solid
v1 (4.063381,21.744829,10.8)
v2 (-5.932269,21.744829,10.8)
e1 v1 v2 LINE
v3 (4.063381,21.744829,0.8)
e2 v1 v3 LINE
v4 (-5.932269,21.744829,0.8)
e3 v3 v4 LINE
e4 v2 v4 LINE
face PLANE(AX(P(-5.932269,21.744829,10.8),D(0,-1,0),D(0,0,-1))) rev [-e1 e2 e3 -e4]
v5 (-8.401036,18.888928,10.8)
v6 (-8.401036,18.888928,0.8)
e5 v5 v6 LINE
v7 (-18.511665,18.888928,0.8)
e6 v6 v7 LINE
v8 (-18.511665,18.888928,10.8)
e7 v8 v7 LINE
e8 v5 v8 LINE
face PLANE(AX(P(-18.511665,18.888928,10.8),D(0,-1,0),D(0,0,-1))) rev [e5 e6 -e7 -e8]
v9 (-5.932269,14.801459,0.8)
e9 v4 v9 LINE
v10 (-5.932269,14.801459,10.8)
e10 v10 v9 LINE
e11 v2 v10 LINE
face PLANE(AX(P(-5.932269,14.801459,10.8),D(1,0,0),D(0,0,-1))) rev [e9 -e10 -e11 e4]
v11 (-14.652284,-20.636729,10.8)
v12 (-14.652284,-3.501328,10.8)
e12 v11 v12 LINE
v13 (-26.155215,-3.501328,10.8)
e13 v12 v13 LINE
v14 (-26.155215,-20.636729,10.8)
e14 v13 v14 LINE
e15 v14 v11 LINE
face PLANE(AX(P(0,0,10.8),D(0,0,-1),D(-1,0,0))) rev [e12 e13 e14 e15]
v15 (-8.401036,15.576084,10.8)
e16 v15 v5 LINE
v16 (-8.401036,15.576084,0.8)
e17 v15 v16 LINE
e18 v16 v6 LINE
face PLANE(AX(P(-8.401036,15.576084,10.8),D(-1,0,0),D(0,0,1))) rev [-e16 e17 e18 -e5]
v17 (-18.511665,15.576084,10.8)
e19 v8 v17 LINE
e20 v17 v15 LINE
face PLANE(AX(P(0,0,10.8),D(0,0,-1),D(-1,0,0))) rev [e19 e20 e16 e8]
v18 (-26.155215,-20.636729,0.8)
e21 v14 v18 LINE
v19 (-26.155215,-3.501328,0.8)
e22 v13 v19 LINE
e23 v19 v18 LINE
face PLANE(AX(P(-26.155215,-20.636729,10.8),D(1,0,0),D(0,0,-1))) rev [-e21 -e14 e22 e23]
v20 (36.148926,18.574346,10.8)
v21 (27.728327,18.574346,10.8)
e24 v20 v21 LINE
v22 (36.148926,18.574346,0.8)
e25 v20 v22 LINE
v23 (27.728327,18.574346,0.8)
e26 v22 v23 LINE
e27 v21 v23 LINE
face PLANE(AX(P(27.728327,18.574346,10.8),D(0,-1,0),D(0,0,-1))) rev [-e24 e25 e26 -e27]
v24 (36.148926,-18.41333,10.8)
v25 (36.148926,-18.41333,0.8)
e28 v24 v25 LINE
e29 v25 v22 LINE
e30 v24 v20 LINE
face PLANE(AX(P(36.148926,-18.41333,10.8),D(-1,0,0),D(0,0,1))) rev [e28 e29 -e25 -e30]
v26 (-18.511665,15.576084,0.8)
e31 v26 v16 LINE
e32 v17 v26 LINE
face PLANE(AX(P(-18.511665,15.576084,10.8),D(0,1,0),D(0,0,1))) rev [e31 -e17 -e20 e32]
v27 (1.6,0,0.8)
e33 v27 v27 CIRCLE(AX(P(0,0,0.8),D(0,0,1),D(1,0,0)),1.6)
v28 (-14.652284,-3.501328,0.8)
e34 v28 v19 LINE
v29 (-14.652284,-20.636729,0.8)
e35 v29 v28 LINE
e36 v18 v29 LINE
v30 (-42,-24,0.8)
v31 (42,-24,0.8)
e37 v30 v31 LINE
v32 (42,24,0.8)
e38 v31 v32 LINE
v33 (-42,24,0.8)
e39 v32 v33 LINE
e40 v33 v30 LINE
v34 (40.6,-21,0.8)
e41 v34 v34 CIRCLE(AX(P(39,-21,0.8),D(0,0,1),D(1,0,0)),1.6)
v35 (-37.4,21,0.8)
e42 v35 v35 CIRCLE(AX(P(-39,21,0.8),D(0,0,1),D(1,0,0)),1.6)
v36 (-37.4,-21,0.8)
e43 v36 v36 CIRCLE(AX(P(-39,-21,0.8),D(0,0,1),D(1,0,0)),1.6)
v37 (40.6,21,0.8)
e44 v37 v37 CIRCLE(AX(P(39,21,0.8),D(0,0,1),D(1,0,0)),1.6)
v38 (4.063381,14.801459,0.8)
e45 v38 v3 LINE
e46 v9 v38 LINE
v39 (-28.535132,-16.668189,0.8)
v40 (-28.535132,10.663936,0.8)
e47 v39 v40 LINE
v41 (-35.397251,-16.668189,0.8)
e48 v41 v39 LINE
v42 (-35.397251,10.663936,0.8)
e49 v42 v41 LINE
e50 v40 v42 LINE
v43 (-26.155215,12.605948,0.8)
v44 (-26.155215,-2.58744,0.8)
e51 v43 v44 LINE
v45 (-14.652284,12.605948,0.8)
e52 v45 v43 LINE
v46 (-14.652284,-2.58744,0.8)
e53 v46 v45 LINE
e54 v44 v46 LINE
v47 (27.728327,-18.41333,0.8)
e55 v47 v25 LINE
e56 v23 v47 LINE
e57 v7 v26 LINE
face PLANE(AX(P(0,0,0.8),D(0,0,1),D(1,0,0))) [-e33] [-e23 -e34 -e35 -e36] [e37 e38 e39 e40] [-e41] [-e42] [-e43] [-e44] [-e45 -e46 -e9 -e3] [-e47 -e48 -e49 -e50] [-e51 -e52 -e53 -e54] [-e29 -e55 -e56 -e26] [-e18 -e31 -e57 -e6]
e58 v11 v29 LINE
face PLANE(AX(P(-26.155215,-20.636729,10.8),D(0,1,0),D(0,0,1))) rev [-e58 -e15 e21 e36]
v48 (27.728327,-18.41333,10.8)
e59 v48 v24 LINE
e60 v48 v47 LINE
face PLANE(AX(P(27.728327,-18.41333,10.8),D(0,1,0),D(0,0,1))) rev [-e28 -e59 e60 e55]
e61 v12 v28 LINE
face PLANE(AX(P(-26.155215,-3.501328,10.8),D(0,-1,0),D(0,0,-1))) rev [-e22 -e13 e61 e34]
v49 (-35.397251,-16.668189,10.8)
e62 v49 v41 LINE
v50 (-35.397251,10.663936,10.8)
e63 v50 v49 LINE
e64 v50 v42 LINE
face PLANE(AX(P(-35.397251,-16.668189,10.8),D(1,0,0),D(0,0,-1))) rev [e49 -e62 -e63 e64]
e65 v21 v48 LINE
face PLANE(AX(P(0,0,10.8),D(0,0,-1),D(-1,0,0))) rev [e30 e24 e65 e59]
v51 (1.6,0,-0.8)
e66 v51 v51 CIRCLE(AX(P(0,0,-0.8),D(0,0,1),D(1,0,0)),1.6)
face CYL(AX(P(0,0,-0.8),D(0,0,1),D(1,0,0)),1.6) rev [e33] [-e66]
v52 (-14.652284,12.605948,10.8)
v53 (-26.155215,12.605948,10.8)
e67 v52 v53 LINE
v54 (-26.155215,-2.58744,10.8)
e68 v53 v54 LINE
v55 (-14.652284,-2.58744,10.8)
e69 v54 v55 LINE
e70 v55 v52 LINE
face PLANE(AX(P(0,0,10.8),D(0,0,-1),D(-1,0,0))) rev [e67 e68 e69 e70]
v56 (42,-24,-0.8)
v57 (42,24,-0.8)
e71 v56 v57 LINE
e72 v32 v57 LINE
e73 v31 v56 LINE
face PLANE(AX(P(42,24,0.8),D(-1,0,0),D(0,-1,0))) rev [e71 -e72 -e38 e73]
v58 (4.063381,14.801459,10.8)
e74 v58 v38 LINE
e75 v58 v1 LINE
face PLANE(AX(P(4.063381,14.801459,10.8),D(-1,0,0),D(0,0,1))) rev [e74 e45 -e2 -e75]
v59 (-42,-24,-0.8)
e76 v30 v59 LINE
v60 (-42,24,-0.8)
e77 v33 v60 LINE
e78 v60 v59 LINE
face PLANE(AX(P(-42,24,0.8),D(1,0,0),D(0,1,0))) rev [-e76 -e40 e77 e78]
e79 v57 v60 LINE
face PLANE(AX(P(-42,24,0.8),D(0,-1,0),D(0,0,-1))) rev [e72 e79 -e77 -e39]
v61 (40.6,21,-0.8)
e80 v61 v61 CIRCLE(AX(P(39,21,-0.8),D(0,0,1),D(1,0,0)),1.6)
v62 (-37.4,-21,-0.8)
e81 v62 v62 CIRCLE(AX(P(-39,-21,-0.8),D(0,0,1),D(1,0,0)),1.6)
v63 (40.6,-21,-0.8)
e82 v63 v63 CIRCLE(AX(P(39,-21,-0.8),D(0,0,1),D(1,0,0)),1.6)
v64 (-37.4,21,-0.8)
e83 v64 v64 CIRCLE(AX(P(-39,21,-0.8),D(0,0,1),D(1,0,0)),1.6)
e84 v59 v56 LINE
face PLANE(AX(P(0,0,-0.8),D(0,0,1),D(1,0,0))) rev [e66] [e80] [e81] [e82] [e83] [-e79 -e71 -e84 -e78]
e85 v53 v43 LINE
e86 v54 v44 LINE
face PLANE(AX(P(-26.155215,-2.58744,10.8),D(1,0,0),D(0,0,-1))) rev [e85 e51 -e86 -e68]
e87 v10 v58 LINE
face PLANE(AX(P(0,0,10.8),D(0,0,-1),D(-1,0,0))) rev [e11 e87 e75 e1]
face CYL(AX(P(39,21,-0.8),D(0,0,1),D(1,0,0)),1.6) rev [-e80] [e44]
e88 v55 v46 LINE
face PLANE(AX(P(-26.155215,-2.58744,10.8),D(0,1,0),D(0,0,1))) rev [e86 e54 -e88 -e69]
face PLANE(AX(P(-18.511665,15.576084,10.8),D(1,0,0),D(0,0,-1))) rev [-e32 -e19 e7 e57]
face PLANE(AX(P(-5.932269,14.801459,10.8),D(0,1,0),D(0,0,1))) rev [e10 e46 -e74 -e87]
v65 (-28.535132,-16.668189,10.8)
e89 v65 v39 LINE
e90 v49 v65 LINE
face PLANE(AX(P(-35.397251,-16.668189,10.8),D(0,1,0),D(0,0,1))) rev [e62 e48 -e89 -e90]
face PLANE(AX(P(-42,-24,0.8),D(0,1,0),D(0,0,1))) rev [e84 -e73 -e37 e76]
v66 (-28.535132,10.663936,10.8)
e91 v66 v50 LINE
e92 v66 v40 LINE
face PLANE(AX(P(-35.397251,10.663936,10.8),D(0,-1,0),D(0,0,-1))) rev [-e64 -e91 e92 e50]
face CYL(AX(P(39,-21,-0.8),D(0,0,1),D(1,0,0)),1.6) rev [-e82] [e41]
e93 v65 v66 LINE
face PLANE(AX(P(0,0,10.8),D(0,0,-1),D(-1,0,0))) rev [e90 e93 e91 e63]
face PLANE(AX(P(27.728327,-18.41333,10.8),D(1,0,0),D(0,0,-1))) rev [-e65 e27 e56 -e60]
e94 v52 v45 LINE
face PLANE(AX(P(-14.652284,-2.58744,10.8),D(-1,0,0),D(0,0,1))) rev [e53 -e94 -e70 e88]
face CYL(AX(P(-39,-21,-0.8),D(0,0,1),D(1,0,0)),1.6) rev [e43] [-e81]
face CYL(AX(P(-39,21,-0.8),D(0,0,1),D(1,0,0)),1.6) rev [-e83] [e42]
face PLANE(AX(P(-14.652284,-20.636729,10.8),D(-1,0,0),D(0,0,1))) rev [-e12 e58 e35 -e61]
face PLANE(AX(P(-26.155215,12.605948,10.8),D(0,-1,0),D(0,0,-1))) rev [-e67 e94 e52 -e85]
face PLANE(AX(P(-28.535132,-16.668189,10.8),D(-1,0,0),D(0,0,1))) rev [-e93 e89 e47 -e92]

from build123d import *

# Parameters (mm, degrees)
SKETCH1_W           = 84
SKETCH1_H           = 48
BOSS_EXTRUDE1_DEPTH = 0.8
SKETCH2_R           = 1.6
CUT_EXTRUDE1_DEPTH  = 49.4
SKETCH3_W           = 6.862119169
SKETCH3_H           = 27.332124702
SKETCH3_W_2         = 10.110629261
SKETCH3_H_2         = 3.312844108
SKETCH3_W_3         = 9.995650326
SKETCH3_H_3         = 6.943369618
SKETCH3_W_4         = 11.50293093
SKETCH3_H_4         = 17.135400557
SKETCH3_H_5         = 15.193388494
SKETCH3_W_5         = 8.420598576
SKETCH3_H_6         = 36.987675992
BOSS_EXTRUDE2_DEPTH = 10


with BuildPart() as part:
    # Sketch1 → Boss-Extrude1 (new, symmetric)
    with BuildSketch(Plane.XY):
        Rectangle(SKETCH1_W, SKETCH1_H)
    extrude(amount=BOSS_EXTRUDE1_DEPTH, both=True)

    # Sketch2 → Cut-Extrude1 (cut, through all)
    with BuildSketch(Plane.XY.offset(0.8)):
        with Locations((-39, -21)):
            Circle(SKETCH2_R)
        with Locations((-39, 21)):
            Circle(SKETCH2_R)
        Circle(SKETCH2_R)
        with Locations((39, -21)):
            Circle(SKETCH2_R)
        with Locations((39, 21)):
            Circle(SKETCH2_R)
    extrude(amount=-CUT_EXTRUDE1_DEPTH, mode=Mode.SUBTRACT)

    # Sketch3 → Boss-Extrude2 (add)
    with BuildSketch(Plane.XY.offset(0.8)):
        with Locations((-31.966191102, -3.002126176)):
            Rectangle(SKETCH3_W, SKETCH3_H)
        with Locations((-13.456350493, 17.232506389)):
            Rectangle(SKETCH3_W_2, SKETCH3_H_2)
        with Locations((-0.93444373, 18.273143727)):
            Rectangle(SKETCH3_W_3, SKETCH3_H_3)
        with Locations((-20.403749308, -12.069028564)):
            Rectangle(SKETCH3_W_4, SKETCH3_H_4)
        with Locations((-20.403749308, 5.009253991)):
            Rectangle(SKETCH3_W_4, SKETCH3_H_5)
        with Locations((31.938626633, 0.080507911)):
            Rectangle(SKETCH3_W_5, SKETCH3_H_6)
    extrude(amount=BOSS_EXTRUDE2_DEPTH)


solid = part.part
